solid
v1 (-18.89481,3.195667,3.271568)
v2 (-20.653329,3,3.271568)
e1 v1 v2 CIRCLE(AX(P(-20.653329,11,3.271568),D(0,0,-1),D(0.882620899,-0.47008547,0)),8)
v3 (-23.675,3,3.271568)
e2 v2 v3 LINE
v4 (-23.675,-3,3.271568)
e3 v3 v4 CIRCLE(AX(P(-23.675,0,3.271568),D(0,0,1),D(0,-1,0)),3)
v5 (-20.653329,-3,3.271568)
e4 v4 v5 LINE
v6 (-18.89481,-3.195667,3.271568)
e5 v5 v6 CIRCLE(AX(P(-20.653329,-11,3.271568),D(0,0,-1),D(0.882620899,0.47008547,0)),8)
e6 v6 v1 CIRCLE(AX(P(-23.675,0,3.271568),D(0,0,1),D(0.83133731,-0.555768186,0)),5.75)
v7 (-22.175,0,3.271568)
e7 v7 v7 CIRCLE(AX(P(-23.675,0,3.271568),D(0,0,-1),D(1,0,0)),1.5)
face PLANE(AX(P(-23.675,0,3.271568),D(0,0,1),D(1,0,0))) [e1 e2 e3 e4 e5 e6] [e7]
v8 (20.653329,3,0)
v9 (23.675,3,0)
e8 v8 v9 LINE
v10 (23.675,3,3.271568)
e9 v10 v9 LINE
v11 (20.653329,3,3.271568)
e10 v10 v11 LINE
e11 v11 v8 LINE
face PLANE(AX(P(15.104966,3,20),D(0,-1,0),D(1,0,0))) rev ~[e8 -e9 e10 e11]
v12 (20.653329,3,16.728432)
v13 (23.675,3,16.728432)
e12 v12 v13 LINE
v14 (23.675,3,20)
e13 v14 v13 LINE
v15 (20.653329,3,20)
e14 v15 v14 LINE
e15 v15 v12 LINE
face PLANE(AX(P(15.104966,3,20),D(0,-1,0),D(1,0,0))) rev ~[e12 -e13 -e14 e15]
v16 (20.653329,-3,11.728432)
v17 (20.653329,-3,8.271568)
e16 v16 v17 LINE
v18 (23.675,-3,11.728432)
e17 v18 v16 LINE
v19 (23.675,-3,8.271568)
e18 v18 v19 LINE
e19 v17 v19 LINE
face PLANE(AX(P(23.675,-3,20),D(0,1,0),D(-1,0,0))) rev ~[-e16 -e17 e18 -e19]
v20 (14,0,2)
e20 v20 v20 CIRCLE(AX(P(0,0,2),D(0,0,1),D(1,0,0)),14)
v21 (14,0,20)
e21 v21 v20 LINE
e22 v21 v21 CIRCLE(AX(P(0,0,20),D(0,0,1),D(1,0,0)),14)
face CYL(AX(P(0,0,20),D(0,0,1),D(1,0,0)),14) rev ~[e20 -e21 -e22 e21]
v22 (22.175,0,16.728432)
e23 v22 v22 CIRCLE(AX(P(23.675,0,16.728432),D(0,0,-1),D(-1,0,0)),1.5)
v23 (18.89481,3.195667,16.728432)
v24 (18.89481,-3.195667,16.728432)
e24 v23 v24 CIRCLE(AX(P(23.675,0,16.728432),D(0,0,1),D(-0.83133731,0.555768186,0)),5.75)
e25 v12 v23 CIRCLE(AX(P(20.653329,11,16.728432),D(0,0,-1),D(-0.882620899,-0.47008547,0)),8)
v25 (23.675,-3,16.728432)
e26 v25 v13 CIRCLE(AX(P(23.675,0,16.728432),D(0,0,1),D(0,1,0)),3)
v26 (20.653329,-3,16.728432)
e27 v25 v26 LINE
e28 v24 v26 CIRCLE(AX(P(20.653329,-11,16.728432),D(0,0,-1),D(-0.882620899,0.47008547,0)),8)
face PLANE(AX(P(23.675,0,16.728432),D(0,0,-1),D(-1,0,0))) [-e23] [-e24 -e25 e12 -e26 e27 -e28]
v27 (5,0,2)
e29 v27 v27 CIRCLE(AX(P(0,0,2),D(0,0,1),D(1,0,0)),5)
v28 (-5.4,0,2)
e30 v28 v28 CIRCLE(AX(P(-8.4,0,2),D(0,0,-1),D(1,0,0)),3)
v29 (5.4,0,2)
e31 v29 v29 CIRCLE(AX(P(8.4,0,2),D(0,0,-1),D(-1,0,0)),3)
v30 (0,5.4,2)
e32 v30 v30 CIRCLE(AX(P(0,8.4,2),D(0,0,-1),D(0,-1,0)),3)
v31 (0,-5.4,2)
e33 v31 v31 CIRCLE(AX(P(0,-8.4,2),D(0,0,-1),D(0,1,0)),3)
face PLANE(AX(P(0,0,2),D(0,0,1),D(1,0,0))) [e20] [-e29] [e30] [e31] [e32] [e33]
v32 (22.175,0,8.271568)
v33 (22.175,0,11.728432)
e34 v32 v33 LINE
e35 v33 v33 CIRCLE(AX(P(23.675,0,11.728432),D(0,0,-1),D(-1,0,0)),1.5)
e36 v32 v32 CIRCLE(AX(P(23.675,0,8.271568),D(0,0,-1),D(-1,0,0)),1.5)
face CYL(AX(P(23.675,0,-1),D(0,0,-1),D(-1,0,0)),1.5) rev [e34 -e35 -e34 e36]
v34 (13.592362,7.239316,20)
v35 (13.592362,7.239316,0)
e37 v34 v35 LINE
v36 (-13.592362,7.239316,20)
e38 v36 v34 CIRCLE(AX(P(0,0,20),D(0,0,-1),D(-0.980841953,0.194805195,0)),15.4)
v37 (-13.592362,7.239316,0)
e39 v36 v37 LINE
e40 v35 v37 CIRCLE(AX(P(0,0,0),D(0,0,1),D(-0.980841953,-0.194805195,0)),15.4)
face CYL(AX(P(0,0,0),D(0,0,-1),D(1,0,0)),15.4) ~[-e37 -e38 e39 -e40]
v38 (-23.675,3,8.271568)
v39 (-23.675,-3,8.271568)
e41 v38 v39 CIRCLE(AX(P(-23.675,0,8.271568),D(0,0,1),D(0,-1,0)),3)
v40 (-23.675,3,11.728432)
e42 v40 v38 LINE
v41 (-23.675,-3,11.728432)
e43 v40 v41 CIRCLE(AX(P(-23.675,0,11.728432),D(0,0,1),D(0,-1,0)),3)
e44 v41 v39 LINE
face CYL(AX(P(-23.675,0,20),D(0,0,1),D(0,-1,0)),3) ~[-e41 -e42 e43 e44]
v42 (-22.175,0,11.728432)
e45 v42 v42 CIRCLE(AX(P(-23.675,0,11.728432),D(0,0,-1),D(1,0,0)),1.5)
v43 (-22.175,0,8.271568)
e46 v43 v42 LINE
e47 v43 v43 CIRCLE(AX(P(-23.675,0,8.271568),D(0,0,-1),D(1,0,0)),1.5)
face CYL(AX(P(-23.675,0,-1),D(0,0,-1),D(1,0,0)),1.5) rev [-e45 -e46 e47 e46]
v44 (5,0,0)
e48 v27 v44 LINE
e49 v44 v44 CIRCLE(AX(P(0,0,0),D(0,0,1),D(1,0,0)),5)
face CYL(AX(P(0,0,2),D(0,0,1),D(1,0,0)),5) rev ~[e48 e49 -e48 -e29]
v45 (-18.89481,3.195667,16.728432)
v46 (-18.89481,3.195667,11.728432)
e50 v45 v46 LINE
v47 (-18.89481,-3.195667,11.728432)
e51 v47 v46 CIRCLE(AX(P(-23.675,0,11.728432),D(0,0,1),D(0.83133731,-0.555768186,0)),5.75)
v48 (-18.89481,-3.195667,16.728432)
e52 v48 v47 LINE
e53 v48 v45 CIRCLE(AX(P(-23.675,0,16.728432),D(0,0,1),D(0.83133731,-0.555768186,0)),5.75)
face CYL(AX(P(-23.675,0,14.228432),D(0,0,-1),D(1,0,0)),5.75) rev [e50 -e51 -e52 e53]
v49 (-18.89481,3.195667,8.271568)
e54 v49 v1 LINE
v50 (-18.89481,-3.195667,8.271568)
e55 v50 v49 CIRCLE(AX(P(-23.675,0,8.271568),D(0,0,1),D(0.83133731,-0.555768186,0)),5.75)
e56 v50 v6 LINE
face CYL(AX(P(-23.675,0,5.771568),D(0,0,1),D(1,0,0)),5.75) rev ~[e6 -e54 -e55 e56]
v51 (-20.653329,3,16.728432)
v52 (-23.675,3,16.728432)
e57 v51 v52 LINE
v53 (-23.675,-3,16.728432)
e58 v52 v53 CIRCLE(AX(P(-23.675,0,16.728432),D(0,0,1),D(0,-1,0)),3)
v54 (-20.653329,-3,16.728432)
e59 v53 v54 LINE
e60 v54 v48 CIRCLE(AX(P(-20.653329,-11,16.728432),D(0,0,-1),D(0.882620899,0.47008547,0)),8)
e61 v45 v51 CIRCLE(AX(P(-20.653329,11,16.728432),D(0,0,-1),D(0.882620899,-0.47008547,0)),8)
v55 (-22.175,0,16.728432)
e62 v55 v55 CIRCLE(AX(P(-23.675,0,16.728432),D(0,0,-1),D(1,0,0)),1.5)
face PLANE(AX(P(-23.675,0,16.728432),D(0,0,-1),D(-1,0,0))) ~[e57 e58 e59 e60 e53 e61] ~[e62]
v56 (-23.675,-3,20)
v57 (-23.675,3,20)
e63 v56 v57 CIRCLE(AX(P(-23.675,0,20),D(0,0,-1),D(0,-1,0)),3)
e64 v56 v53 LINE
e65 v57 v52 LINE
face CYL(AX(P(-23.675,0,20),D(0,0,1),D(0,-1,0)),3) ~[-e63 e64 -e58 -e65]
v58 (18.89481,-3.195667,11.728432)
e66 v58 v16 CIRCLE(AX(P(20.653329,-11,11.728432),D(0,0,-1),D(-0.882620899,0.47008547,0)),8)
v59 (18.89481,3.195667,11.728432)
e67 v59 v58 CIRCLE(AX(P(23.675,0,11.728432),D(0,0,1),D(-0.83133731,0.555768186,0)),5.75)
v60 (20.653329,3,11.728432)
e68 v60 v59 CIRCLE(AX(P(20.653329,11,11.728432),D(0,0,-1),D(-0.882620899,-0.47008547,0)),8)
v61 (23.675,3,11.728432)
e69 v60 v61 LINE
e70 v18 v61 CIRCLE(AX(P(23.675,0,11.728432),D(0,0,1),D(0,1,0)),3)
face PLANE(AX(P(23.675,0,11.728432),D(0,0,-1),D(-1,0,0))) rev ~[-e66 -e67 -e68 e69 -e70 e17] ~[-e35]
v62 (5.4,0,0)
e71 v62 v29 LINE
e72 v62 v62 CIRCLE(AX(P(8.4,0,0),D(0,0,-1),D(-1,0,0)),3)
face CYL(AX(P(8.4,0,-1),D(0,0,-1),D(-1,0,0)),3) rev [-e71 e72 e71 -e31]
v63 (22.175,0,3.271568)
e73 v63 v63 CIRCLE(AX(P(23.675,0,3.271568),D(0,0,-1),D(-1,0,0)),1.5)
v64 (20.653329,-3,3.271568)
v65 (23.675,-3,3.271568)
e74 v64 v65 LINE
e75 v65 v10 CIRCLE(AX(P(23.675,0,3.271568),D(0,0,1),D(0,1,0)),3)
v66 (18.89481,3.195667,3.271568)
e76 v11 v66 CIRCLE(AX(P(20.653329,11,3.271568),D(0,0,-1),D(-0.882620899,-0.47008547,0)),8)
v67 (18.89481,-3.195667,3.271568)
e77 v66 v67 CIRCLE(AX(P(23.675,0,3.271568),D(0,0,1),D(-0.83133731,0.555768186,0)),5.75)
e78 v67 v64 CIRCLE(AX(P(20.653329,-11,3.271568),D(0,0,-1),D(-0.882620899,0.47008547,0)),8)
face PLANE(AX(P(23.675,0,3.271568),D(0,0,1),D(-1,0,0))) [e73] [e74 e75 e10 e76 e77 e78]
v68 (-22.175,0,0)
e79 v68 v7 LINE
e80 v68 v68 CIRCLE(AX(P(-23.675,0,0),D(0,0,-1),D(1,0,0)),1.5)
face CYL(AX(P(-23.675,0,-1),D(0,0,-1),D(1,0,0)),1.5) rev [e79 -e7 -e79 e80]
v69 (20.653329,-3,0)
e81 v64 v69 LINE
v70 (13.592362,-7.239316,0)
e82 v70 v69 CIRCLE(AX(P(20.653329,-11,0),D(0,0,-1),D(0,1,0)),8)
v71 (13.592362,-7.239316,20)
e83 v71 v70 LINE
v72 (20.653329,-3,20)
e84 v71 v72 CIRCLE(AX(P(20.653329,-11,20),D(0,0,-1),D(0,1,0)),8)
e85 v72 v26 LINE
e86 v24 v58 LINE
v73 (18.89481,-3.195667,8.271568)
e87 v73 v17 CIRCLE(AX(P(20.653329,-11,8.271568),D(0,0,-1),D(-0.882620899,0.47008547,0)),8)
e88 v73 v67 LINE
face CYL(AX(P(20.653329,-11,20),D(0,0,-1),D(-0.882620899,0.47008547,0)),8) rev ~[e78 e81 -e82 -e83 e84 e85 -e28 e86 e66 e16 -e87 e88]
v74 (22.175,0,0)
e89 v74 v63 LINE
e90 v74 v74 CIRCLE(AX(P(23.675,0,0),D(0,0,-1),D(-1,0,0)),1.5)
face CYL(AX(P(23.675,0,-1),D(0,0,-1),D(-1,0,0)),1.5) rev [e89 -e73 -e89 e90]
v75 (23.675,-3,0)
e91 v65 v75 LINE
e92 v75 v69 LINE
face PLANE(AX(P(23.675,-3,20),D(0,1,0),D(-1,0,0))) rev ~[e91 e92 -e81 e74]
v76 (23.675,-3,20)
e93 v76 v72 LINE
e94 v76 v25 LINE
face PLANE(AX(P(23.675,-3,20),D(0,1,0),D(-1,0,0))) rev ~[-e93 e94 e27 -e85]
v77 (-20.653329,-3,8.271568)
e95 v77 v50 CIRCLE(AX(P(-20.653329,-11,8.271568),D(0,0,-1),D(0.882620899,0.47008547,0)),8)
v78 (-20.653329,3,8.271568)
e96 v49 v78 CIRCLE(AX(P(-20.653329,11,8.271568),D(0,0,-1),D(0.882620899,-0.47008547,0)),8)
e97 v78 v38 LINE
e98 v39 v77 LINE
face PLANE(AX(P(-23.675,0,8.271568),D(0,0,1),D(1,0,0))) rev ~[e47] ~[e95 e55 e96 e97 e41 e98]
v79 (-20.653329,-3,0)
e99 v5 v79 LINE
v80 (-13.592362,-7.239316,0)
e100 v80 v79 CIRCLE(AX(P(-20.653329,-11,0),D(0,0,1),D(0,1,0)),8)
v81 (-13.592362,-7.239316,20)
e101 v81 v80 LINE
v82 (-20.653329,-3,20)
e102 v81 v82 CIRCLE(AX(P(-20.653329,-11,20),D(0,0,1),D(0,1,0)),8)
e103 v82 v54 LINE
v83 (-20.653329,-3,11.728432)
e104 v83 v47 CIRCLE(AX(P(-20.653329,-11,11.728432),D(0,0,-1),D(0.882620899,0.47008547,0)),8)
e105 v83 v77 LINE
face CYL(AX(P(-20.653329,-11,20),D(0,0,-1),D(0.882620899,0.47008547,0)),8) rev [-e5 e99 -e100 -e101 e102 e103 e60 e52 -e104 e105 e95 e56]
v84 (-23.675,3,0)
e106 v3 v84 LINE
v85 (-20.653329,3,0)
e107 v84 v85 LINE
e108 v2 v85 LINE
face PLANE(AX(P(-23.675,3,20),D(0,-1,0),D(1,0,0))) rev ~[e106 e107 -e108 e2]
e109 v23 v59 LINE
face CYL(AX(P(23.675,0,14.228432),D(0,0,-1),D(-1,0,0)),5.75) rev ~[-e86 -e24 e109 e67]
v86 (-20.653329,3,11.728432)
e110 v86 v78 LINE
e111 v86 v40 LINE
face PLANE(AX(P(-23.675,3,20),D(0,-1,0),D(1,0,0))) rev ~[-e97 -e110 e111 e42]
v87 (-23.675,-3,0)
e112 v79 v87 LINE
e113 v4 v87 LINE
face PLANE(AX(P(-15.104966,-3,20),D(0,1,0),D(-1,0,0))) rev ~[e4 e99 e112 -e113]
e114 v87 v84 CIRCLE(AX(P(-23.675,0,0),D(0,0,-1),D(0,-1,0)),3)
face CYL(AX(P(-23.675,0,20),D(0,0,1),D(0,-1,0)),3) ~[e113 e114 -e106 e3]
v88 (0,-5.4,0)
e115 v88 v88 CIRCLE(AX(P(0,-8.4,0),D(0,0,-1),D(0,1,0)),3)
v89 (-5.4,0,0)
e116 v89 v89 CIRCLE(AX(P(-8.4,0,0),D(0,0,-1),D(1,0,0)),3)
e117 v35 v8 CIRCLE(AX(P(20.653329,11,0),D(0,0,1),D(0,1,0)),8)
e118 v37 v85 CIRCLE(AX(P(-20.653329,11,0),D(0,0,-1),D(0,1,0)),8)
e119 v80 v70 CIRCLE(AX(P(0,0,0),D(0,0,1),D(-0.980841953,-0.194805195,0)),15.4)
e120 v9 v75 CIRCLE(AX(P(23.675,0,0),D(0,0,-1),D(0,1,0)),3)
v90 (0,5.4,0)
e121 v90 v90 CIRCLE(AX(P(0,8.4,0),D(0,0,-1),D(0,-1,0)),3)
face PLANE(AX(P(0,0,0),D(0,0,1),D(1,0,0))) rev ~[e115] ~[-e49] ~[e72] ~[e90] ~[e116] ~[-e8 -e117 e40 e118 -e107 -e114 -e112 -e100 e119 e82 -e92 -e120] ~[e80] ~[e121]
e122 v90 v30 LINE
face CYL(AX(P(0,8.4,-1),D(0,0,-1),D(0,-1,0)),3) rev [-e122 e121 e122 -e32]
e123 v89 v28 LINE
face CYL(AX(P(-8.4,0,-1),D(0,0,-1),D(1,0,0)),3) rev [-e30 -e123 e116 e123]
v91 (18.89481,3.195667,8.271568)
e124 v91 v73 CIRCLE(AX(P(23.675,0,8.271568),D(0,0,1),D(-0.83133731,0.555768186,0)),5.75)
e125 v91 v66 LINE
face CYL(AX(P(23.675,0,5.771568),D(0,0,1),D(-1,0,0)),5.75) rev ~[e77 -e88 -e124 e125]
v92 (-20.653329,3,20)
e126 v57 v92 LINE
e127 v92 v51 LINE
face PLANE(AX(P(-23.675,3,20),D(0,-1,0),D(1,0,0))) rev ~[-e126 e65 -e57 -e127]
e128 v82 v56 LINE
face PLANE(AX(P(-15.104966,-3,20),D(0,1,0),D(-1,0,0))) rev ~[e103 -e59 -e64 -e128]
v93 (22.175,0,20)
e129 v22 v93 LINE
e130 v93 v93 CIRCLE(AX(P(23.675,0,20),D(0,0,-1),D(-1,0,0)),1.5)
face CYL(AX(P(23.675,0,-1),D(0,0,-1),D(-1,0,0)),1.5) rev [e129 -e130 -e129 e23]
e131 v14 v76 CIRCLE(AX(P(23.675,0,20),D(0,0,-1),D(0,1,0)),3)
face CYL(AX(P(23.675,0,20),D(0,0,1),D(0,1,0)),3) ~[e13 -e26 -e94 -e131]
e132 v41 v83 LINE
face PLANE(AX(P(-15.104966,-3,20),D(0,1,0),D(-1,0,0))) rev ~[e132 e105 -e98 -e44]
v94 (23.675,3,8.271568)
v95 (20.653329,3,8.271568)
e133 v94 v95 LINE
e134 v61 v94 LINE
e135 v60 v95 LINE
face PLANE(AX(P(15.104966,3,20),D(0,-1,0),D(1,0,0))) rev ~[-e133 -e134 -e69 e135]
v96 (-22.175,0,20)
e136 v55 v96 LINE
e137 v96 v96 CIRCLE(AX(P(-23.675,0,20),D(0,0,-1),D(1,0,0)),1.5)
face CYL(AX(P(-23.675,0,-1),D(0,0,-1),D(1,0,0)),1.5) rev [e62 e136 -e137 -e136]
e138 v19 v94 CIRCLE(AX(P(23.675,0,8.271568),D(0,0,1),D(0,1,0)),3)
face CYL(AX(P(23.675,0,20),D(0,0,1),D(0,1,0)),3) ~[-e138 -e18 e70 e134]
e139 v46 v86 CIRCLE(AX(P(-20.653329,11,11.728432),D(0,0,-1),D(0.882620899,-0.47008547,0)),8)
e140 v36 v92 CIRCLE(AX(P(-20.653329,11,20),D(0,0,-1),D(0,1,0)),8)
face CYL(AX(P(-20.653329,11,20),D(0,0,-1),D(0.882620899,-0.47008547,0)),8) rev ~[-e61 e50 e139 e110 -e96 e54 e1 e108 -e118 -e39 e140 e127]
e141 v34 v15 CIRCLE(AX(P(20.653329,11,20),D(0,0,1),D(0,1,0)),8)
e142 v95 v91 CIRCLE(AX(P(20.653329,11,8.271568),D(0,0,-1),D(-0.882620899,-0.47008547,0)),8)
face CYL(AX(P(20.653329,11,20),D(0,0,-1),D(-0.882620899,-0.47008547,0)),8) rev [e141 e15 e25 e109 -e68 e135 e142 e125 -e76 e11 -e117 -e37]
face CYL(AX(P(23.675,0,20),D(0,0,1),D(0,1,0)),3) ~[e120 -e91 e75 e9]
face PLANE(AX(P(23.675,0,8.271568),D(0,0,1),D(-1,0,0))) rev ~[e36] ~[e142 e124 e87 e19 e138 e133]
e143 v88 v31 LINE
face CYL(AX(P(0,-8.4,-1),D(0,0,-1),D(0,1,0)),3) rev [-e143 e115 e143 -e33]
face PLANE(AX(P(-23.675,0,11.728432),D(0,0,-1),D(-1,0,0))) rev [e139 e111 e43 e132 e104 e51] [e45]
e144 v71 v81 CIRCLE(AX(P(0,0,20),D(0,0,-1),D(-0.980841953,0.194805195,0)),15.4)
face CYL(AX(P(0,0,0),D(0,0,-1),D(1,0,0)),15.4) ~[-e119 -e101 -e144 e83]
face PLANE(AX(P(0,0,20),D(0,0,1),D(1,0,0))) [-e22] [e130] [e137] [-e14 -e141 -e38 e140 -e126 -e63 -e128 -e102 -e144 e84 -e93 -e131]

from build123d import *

# Parameters (mm, degrees)
SKETCH1_R                 = 15.4
BOSS_EXTRUDE1_DEPTH       = 20
BOSS_EXTRUDE2_DEPTH       = 20
FILLET4_R                 = 8
CIRPATTERN11_COUNT        = 2
FILLET4_OF_CIRPATTERN11_R = 8
SKETCH4_R                 = 14
CUT_EXTRUDE3_DEPTH        = 18
SKETCH5_R                 = 5
CUT_EXTRUDE4_DEPTH        = 19
CUT_EXTRUDE4_DEPTH_BACK   = 3
CUT_EXTRUDE5_START        = -3
SKETCH7_R                 = 3
CUT_EXTRUDE5_DEPTH        = 22
CIRPATTERN12_COUNT        = 4
CUT_EXTRUDE1_START        = -21
SKETCH2_R                 = 1.5
CUT_EXTRUDE1_DEPTH        = 22
CIRPATTERN10_COUNT        = 2
SKETCH3_R                 = 5.75
CUT_EXTRUDE2_DEPTH        = 2.5
CIRPATTERN3_COUNT         = 2
MIRROR1_COPY_1_SKETCH_R   = 5.75
MIRROR1_COPY_1_DEPTH      = 2.5


with BuildPart() as part:
    # Sketch1 → Boss-Extrude1 (new body)
    with BuildSketch(Plane.XY):
        Circle(SKETCH1_R)
    extrude(amount=BOSS_EXTRUDE1_DEPTH)

    # Sketch6 → Boss-Extrude2 (add)
    with BuildSketch(Plane.XY.offset(20)):
        with BuildLine():
            Line((-23.675, 3), (-15.104966071, 3))
            ThreePointArc((-15.104966071, 3), (-15.4, 0), (-15.104966071, -3))
            Line((-15.104966071, -3), (-23.675, -3))
            ThreePointArc((-23.675, -3), (-26.675, 0), (-23.675, 3))
        make_face()
    boss_extrude2 = extrude(amount=-BOSS_EXTRUDE2_DEPTH)

    # Fillet4
    fillet4_edges = [part.edges().sort_by_distance(p)[0] for p in [
        (-15.104966071, 3, 10),
        (-15.104966071, -3, 10),
    ]]
    fillet(fillet4_edges, radius=FILLET4_R)

    # CirPattern11: Boss-Extrude2 ×2 about axis
    cirpattern11_axis = Axis((0, 0, 0), (0, 0, 1))
    for i in range(1, CIRPATTERN11_COUNT):
        add(boss_extrude2.rotate(cirpattern11_axis, i * 360 / CIRPATTERN11_COUNT))

    # Fillet4 of CirPattern11
    fillet4_of_cirpattern11_edges = [part.edges().sort_by_distance(p)[0] for p in [
        (15.104966071, -3, 10),
        (15.104966071, 3, 10),
    ]]
    fillet(fillet4_of_cirpattern11_edges, radius=FILLET4_OF_CIRPATTERN11_R)

    # Sketch4 → Cut-Extrude3 (cut)
    with BuildSketch(Plane.XY.offset(20)):
        Circle(SKETCH4_R)
    extrude(amount=-CUT_EXTRUDE3_DEPTH, mode=Mode.SUBTRACT)

    # Sketch5 → Cut-Extrude4 (cut, two sides)
    with BuildSketch(Plane.XY.offset(2)) as cut_extrude4_sk:
        Circle(SKETCH5_R)
    extrude(amount=CUT_EXTRUDE4_DEPTH, mode=Mode.SUBTRACT)
    extrude(cut_extrude4_sk.sketch, amount=-CUT_EXTRUDE4_DEPTH_BACK, mode=Mode.SUBTRACT)

    # Sketch7 → Cut-Extrude5 (cut)
    with BuildSketch(Plane.XY.offset(2).offset(CUT_EXTRUDE5_START)):
        with Locations((-8.4, 0)):
            Circle(SKETCH7_R)
    cut_extrude5 = extrude(amount=CUT_EXTRUDE5_DEPTH, mode=Mode.SUBTRACT)

    # CirPattern12: Cut-Extrude5 ×4 about axis
    cirpattern12_axis = Axis((0, 0, 0), (0, 0, 1))
    for i in range(1, CIRPATTERN12_COUNT):
        add(cut_extrude5.rotate(cirpattern12_axis, i * 360 / CIRPATTERN12_COUNT), mode=Mode.SUBTRACT)

    # Sketch2 → Cut-Extrude1 (cut)
    with BuildSketch(Plane.XY.offset(20).offset(CUT_EXTRUDE1_START)):
        with Locations((-23.675, 0)):
            Circle(SKETCH2_R)
    cut_extrude1 = extrude(amount=CUT_EXTRUDE1_DEPTH, mode=Mode.SUBTRACT)

    # CirPattern10: Cut-Extrude1 ×2 about axis
    cirpattern10_axis = Axis((0, 0, 0), (0, 0, 1))
    for i in range(1, CIRPATTERN10_COUNT):
        add(cut_extrude1.rotate(cirpattern10_axis, i * 360 / CIRPATTERN10_COUNT), mode=Mode.SUBTRACT)

    # Sketch3 → Cut-Extrude2 (cut, symmetric)
    with BuildSketch(Plane.XY.offset(5.771567898)):
        with Locations((-23.675, 0)):
            Circle(SKETCH3_R)
    cut_extrude2 = extrude(amount=CUT_EXTRUDE2_DEPTH, both=True, mode=Mode.SUBTRACT)

    # CirPattern3: Cut-Extrude2 ×2 about axis
    cirpattern3_axis = Axis((0, 0, 0), (0, 0, 1))
    for i in range(1, CIRPATTERN3_COUNT):
        add(cut_extrude2.rotate(cirpattern3_axis, i * 360 / CIRPATTERN3_COUNT), mode=Mode.SUBTRACT)

    # Mirror1: Cut-Extrude2 across plane
    add(cut_extrude2.mirror(Plane.XY.offset(10)), mode=Mode.SUBTRACT)

    # Mirror1 copy 1 sketch → Mirror1 copy 1 (cut, symmetric)
    with BuildSketch(Plane(origin=(0, 0, 14.228432102), x_dir=(-1, 0, 0), z_dir=(0, 0, -1))):
        with Locations((-23.675, 0)):
            Circle(MIRROR1_COPY_1_SKETCH_R)
    extrude(amount=MIRROR1_COPY_1_DEPTH, both=True, mode=Mode.SUBTRACT)


solid = part.part
